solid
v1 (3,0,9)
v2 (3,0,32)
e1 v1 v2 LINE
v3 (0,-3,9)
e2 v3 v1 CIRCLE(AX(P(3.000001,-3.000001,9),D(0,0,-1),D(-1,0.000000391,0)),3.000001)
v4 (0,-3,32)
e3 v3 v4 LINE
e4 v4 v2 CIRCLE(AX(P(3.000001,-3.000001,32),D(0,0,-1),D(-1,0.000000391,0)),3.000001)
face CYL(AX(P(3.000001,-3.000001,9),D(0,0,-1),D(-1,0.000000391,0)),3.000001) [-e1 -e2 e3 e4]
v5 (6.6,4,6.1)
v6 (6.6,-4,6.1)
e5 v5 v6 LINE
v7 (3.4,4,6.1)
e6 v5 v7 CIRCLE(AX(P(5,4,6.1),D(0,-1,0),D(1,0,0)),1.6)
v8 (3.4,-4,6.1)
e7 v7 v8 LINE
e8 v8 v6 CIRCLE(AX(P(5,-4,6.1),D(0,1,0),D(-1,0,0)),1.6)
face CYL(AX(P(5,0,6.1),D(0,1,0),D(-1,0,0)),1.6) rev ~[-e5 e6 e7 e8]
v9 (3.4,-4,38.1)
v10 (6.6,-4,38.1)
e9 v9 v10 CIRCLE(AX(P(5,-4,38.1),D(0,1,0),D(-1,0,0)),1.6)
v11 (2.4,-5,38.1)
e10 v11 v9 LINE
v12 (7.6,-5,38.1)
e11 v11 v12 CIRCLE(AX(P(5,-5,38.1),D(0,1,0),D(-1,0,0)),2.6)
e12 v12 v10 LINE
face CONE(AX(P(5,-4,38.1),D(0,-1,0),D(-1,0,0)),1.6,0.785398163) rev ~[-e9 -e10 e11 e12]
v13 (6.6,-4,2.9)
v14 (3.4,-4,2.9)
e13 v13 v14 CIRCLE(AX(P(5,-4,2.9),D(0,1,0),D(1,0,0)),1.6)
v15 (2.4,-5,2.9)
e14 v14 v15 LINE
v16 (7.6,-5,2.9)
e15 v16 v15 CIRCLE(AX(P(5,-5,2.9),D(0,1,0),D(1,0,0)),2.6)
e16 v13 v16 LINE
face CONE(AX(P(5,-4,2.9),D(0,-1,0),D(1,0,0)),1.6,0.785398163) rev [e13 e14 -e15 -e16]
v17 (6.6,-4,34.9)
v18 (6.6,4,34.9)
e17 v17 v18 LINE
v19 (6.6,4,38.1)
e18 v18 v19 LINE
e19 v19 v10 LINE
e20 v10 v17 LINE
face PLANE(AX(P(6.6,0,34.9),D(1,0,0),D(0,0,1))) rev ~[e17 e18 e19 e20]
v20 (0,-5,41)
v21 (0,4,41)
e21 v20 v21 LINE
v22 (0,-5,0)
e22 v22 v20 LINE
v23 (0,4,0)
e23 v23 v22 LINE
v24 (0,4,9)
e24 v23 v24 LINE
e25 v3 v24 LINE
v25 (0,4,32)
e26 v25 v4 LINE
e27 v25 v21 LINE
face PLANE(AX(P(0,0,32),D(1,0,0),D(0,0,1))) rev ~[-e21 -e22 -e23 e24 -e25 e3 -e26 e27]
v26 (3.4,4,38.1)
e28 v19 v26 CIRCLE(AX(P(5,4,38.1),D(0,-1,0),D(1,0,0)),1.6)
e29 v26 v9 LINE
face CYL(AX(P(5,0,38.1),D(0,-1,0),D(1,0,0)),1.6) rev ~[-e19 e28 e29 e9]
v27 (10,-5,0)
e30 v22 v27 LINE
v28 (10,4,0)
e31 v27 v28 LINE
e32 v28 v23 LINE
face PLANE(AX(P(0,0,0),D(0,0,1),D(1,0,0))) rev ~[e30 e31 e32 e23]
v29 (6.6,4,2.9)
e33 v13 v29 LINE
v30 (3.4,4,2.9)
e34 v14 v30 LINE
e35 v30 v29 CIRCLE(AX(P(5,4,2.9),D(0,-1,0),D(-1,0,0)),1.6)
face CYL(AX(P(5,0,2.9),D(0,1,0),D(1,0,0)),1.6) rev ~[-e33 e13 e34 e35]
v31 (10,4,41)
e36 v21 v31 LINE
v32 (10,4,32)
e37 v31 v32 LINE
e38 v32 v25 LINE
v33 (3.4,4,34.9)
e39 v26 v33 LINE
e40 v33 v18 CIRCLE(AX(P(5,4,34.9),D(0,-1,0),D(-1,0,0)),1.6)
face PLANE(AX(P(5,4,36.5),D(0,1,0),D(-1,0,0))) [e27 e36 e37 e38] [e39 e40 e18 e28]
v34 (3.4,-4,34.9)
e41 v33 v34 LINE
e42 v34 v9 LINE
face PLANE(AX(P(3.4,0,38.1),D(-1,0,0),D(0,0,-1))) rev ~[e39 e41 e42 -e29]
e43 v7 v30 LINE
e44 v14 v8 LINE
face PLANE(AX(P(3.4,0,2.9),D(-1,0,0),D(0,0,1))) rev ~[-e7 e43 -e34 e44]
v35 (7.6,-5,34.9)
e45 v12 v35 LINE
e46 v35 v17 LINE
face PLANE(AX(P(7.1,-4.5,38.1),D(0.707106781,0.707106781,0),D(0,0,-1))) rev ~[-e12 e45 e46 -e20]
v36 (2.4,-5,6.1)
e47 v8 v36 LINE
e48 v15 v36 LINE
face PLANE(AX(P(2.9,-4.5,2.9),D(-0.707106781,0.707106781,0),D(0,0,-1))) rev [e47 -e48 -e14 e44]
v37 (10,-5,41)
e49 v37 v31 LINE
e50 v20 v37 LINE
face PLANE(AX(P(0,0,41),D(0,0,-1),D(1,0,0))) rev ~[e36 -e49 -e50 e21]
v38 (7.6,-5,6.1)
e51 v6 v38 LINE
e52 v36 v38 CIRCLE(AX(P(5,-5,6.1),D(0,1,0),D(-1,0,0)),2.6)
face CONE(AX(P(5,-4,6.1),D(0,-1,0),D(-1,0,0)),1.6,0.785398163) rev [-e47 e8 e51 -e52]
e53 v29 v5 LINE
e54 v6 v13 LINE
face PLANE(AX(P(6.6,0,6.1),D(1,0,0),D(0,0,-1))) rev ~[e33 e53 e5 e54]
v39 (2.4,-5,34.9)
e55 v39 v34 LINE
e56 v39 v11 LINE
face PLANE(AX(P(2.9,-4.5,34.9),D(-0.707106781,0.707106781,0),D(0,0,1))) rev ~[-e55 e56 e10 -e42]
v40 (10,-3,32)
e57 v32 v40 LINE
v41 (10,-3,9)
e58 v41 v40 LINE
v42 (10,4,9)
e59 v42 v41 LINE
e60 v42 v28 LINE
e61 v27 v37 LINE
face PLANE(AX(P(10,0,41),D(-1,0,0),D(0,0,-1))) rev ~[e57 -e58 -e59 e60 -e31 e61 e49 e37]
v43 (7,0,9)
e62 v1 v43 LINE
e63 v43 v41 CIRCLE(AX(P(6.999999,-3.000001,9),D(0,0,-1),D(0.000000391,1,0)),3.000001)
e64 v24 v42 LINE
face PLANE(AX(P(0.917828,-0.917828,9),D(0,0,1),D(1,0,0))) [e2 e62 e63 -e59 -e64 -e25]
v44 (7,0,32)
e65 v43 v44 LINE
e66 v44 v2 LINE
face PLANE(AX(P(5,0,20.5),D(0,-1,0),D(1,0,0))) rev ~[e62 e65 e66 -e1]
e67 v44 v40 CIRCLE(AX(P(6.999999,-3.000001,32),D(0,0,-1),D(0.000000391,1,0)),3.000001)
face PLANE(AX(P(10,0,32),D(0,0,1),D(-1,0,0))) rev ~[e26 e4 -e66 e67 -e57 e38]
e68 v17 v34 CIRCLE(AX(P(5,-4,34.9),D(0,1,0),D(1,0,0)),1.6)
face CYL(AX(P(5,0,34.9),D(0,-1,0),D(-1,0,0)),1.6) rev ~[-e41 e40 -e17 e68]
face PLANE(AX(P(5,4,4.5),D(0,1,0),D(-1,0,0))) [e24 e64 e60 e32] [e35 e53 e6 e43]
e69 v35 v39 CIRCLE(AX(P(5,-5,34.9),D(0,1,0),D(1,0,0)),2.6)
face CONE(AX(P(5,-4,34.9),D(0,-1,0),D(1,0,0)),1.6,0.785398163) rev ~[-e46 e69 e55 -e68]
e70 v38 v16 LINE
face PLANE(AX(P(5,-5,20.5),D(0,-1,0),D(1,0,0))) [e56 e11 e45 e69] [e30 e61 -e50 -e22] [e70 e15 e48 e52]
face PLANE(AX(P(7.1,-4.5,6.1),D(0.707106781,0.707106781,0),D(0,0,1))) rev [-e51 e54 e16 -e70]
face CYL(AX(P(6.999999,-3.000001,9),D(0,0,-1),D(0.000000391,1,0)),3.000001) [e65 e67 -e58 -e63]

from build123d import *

# Parameters (mm, degrees)
F0_W     = 10
F0_H     = 41
F1_DEPTH = 5
F4_DEPTH = 23
F6_DEPTH = 4
F7_SIZE  = 1


with BuildPart() as f1:
    # F0 (on Front) → F1 (new body)
    with BuildSketch(Plane.XZ):
        with Locations((5, 20.5)):
            Rectangle(F0_W, F0_H)
        with BuildLine():
            ThreePointArc((3.4, 6.1), (5, 7.7), (6.6, 6.1))
            Line((6.6, 6.1), (6.6, 2.9))
            ThreePointArc((6.6, 2.9), (5, 1.3), (3.4, 2.9))
            Line((3.4, 2.9), (3.4, 6.1))
        make_face(mode=Mode.SUBTRACT)
        with BuildLine():
            ThreePointArc((6.6, 34.9), (5, 33.3), (3.4, 34.9))
            Line((3.4, 34.9), (3.4, 38.1))
            ThreePointArc((3.4, 38.1), (5, 39.7), (6.6, 38.1))
            Line((6.6, 38.1), (6.6, 34.9))
        make_face(mode=Mode.SUBTRACT)
    extrude(amount=F1_DEPTH)

    # F3 (on offset) → F4 (cut)
    with BuildSketch(Plane.XY.offset(9)):
        with BuildLine():
            Line((10, 0), (7, 0))
            ThreePointArc((7, 0), (9.12132, -0.87868), (10, -3))
            Line((10, -3), (10, -2.5))
            Line((10, -2.5), (10, 0))
        make_face()
        with BuildLine():
            ThreePointArc((0, -3), (0.87868, -0.87868), (3, 0))
            Line((3, 0), (0, 0))
            Line((0, 0), (0, -3))
        make_face()
    extrude(amount=F4_DEPTH, mode=Mode.SUBTRACT)

    # F5 (on face) → F6 (join)
    with BuildSketch(Plane(origin=(0, 0, 0), x_dir=(-1, 0, 0), z_dir=(0, 1, 0))):
        Polygon((0, 32), (0, 41), (-10, 41), (-10, 32), (-7, 32), (-3, 32), align=None)
        with BuildLine():
            Line((-6.6, 34.9), (-6.6, 38.1))
            ThreePointArc((-6.6, 38.1), (-5, 39.7), (-3.4, 38.1))
            Line((-3.4, 38.1), (-3.4, 34.9))
            ThreePointArc((-3.4, 34.9), (-5, 33.3), (-6.6, 34.9))
        make_face(mode=Mode.SUBTRACT)
        Polygon((0, 9), (-3, 9), (-7, 9), (-10, 9), (-10, 0), (0, 0), align=None)
        with BuildLine():
            Line((-6.6, 2.9), (-6.6, 6.1))
            ThreePointArc((-6.6, 6.1), (-5, 7.7), (-3.4, 6.1))
            Line((-3.4, 6.1), (-3.4, 2.9))
            ThreePointArc((-3.4, 2.9), (-5, 1.3), (-6.6, 2.9))
        make_face(mode=Mode.SUBTRACT)
    extrude(amount=F6_DEPTH)

    # F7
    f7_edges = [f1.edges().sort_by_distance(p)[0] for p in [
        (5, -5, 33.3),
        (5, -5, 1.3),
    ]]
    chamfer(f7_edges, length=F7_SIZE)


solid = f1.part
